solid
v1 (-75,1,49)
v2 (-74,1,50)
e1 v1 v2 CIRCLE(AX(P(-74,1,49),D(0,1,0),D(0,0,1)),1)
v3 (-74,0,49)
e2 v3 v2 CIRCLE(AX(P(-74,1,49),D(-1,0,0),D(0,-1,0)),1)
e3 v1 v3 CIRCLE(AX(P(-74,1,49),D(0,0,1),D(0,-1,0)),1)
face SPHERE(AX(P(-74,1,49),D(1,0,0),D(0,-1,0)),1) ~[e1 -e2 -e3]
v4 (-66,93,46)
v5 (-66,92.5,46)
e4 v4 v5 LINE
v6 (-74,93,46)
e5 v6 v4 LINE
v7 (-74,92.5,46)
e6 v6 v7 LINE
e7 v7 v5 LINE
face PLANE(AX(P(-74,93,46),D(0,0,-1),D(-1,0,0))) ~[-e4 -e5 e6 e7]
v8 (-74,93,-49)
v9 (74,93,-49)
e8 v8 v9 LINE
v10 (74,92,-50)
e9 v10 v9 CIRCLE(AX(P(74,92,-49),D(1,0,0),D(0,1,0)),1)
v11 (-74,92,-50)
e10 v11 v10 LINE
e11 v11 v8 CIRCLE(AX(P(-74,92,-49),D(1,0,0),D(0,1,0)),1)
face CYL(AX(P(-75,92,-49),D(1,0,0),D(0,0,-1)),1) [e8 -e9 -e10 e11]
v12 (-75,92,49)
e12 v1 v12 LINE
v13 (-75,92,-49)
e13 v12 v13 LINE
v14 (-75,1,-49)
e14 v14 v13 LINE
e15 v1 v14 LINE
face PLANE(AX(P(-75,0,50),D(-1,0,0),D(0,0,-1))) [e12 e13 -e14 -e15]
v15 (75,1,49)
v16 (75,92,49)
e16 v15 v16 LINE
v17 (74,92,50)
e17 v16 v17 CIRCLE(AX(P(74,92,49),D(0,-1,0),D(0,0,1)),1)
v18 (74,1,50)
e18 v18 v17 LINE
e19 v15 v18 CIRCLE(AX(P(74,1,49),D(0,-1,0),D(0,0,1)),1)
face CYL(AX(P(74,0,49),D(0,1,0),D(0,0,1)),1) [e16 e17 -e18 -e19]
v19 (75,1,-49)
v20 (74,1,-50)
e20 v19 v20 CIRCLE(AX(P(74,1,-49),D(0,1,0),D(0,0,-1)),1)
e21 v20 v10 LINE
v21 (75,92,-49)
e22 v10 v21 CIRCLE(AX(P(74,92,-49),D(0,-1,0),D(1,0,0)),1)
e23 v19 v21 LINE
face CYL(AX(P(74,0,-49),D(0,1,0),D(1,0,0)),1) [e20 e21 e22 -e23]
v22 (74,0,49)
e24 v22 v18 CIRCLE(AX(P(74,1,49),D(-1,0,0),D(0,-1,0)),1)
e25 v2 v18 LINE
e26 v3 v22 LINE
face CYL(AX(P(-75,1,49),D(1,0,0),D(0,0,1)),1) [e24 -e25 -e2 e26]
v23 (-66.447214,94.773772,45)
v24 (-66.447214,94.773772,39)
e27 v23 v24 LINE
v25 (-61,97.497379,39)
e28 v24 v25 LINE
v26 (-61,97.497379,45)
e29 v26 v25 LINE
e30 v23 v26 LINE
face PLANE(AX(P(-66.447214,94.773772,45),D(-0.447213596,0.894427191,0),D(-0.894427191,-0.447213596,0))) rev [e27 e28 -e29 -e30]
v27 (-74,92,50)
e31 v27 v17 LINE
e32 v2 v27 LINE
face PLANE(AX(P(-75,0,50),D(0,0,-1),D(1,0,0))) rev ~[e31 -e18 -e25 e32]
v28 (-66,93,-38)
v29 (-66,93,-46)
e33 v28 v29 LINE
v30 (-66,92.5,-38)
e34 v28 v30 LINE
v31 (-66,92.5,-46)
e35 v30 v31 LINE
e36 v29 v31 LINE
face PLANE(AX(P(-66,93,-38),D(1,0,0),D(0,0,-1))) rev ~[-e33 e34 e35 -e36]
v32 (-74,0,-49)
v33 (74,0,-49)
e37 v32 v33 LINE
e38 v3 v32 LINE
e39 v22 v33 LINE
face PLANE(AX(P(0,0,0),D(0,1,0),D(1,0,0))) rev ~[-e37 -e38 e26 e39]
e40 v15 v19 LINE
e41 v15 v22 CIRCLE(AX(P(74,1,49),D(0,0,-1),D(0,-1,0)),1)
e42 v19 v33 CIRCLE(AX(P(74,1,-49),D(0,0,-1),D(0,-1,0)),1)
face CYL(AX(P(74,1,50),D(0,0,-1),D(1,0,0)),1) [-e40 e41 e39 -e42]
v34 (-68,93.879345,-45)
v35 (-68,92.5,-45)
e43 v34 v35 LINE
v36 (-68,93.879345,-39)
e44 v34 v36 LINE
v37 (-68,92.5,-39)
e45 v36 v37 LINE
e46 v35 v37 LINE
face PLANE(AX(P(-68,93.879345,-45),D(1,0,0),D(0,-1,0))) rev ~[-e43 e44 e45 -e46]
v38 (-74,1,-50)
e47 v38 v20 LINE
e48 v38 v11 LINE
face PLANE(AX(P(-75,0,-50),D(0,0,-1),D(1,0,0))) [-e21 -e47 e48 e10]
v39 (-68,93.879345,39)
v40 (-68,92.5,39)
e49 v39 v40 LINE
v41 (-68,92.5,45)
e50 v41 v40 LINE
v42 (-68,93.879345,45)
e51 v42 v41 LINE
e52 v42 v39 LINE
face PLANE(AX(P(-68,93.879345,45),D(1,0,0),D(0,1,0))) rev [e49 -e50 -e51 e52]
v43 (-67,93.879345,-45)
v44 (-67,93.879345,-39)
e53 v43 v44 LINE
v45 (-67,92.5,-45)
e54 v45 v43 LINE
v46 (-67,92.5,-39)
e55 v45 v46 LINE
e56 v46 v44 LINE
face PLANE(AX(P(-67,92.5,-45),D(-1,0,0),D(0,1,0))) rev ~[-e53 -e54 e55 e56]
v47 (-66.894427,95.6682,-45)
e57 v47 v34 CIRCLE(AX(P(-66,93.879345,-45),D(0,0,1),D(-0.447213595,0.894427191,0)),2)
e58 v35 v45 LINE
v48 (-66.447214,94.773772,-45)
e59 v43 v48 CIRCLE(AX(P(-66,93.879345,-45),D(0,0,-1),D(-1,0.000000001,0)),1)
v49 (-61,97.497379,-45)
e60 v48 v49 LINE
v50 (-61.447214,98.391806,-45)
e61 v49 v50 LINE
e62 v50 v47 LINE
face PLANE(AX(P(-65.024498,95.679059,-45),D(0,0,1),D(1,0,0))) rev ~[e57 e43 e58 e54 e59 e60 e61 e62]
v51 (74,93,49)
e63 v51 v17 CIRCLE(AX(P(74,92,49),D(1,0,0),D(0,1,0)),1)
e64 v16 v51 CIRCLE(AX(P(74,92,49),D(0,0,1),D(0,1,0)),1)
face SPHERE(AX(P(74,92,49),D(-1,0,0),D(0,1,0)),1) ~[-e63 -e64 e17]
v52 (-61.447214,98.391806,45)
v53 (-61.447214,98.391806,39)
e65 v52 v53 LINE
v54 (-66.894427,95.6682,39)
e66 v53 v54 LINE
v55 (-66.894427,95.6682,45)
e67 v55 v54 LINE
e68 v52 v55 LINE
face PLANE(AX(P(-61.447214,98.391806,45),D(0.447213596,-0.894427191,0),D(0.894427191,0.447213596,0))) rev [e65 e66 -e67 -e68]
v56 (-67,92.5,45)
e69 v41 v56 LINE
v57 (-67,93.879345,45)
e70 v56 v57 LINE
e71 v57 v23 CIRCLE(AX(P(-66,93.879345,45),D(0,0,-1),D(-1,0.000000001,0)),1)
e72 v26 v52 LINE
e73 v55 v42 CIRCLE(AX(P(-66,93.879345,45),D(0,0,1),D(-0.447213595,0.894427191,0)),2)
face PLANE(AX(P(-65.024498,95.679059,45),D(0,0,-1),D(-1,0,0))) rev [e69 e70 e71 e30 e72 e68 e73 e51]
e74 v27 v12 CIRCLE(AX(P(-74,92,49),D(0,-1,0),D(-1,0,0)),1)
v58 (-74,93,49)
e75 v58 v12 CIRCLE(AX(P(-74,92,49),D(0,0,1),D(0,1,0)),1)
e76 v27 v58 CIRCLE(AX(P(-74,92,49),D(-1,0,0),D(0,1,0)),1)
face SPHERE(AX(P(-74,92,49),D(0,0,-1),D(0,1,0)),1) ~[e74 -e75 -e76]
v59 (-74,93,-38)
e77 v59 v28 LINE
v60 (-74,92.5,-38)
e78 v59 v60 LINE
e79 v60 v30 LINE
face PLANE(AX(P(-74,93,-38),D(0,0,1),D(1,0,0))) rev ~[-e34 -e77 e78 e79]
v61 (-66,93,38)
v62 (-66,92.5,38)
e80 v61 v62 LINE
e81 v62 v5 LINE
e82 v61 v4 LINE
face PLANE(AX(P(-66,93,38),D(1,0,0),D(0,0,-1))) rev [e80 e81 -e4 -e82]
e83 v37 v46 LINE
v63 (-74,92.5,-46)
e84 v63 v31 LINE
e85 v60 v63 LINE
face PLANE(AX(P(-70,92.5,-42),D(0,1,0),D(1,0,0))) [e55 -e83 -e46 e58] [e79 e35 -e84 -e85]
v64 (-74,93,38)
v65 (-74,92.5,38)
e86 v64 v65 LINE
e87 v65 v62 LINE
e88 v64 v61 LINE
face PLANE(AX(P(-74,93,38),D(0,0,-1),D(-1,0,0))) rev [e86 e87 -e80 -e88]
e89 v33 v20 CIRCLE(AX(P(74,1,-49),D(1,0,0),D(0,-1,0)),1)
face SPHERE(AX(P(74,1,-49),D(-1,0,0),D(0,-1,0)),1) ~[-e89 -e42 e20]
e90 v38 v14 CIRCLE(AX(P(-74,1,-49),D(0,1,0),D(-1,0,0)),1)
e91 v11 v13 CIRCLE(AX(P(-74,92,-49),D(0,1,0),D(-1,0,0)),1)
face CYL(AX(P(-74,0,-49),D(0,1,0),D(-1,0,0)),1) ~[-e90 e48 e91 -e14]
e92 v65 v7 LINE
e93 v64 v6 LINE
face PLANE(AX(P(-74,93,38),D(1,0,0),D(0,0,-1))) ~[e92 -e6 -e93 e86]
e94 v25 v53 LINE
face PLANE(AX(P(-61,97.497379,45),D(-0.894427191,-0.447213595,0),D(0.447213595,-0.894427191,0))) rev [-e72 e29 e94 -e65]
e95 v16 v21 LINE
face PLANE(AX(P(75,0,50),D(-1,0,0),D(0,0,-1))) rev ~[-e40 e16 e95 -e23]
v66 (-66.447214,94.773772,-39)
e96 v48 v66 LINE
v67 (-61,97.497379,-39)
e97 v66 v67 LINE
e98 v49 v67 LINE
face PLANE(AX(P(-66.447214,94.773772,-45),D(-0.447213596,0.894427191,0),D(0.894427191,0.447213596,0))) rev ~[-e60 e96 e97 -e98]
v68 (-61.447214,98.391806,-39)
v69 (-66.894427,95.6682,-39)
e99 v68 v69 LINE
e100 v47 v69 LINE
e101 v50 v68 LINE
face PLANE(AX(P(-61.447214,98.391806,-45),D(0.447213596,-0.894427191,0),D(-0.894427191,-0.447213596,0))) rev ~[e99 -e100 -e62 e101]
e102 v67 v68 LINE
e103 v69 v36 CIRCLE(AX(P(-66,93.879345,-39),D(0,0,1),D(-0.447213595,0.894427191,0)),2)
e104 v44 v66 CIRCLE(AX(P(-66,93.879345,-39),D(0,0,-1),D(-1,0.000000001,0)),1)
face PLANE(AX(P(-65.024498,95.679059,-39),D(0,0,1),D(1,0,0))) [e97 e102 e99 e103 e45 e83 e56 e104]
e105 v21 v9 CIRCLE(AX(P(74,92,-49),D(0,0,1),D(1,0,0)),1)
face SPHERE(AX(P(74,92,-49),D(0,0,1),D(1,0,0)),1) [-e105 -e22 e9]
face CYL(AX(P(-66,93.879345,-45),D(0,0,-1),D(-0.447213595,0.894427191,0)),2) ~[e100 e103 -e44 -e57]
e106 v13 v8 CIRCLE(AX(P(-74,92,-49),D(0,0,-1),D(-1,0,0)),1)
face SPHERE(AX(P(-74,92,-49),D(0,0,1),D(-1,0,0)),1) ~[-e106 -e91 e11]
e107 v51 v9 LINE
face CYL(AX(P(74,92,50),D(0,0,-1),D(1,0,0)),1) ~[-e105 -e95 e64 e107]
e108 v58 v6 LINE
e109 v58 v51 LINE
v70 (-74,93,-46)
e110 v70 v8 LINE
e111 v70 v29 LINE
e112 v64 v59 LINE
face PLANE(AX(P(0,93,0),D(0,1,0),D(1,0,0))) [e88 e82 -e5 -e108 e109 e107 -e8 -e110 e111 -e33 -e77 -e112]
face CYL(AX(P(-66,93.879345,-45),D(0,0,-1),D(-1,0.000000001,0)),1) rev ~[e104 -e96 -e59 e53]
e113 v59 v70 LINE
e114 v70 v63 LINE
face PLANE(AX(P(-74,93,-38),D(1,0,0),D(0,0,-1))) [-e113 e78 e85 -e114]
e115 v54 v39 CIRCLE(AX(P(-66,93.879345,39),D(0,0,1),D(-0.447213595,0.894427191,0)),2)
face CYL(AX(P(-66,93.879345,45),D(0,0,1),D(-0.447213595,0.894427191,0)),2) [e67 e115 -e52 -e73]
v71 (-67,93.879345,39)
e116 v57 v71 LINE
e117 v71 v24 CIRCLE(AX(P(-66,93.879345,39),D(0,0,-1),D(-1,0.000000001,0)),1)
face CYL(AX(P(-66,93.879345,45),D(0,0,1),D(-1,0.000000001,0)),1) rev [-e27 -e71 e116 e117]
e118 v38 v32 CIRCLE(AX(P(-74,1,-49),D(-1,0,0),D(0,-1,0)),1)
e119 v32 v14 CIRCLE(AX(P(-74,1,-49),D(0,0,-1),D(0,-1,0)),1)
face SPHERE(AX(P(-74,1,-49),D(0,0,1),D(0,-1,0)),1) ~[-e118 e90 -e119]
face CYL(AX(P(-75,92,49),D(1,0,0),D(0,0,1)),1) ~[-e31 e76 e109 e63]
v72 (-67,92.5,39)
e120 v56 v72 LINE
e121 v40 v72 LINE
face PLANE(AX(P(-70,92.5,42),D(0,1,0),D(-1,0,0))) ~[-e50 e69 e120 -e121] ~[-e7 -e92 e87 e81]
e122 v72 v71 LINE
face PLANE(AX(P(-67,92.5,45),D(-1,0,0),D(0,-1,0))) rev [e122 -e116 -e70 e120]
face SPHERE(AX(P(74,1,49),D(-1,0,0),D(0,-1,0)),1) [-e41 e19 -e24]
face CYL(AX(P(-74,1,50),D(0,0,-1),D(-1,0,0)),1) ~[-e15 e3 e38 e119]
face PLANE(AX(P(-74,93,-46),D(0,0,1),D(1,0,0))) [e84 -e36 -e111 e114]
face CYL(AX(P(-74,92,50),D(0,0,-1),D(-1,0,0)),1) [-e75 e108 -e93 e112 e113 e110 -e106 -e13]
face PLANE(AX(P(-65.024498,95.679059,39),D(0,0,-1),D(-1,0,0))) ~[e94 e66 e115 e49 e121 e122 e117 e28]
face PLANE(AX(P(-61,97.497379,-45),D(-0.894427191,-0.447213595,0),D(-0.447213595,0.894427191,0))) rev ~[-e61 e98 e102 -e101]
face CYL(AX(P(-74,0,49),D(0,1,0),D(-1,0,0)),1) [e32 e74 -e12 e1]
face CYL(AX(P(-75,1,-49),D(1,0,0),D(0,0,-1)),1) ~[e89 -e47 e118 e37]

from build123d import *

# Parameters (mm, degrees)
SKETCH1_W           = 150
SKETCH1_H           = 100
BOSS_EXTRUDE1_DEPTH = 93
FILLET1_R           = 1
SKETCH2_W           = 8
SKETCH2_H           = 8
CUT_EXTRUDE1_DEPTH  = 0.5
EXTRUDE_THIN1_START = 1
EXTRUDE_THIN1_DEPTH = 6


with BuildPart() as part:
    # Sketch1 → Boss-Extrude1 (new body)
    with BuildSketch(Plane(origin=(0, 0, 0), x_dir=(1, 0, 0), z_dir=(0, 1, 0))):
        Rectangle(SKETCH1_W, SKETCH1_H)
    extrude(amount=BOSS_EXTRUDE1_DEPTH)

    # Fillet1
    fillet1_edges = [part.edges().sort_by_distance(p)[0] for p in [
        (-75, 93, 0),
        (0, 93, 50),
        (75, 93, 0),
        (0, 0, 50),
        (-75, 0, 0),
        (0, 0, -50),
        (75, 0, 0),
        (75, 46.5, 50),
        (-75, 46.5, 50),
        (-75, 46.5, -50),
        (75, 46.5, -50),
        (0, 93, -50),
    ]]
    fillet(fillet1_edges, radius=FILLET1_R)

    # Sketch2 → Cut-Extrude1 (cut)
    with BuildSketch(Plane(origin=(0, 93, 0), x_dir=(1, 0, 0), z_dir=(0, 1, 0))):
        with Locations((-70, 42)):
            Rectangle(SKETCH2_W, SKETCH2_H)
    cut_extrude1 = extrude(amount=-CUT_EXTRUDE1_DEPTH, mode=Mode.SUBTRACT)

    # Mirror1: Cut-Extrude1 across plane
    add(cut_extrude1.mirror(Plane.XY), mode=Mode.SUBTRACT)

    # Sketch3 → Extrude-Thin1 (add)
    with BuildSketch(Plane.XY.offset(-46).offset(EXTRUDE_THIN1_START)):
        with BuildLine():
            Line((-67, 92.5), (-67, 93.879345126))
            ThreePointArc((-67, 93.879345126), (-66.850650808, 94.405076238), (-66.447213595, 94.773772317))
            Line((-66.447213595, 94.773772317), (-61, 97.497379115))
            Line((-61, 97.497379115), (-61.447213595, 98.391806306))
            Line((-61.447213595, 98.391806306), (-66.894427191, 95.668199508))
            ThreePointArc((-66.894427191, 95.668199508), (-67.701301617, 94.93080735), (-68, 93.879345126))
            Line((-68, 93.879345126), (-68, 92.5))
            Line((-68, 92.5), (-67, 92.5))
        make_face()
    extrude_thin1 = extrude(amount=EXTRUDE_THIN1_DEPTH)

    # Mirror2: Extrude-Thin1 across plane
    add(extrude_thin1.mirror(Plane.XY))


solid = part.part
